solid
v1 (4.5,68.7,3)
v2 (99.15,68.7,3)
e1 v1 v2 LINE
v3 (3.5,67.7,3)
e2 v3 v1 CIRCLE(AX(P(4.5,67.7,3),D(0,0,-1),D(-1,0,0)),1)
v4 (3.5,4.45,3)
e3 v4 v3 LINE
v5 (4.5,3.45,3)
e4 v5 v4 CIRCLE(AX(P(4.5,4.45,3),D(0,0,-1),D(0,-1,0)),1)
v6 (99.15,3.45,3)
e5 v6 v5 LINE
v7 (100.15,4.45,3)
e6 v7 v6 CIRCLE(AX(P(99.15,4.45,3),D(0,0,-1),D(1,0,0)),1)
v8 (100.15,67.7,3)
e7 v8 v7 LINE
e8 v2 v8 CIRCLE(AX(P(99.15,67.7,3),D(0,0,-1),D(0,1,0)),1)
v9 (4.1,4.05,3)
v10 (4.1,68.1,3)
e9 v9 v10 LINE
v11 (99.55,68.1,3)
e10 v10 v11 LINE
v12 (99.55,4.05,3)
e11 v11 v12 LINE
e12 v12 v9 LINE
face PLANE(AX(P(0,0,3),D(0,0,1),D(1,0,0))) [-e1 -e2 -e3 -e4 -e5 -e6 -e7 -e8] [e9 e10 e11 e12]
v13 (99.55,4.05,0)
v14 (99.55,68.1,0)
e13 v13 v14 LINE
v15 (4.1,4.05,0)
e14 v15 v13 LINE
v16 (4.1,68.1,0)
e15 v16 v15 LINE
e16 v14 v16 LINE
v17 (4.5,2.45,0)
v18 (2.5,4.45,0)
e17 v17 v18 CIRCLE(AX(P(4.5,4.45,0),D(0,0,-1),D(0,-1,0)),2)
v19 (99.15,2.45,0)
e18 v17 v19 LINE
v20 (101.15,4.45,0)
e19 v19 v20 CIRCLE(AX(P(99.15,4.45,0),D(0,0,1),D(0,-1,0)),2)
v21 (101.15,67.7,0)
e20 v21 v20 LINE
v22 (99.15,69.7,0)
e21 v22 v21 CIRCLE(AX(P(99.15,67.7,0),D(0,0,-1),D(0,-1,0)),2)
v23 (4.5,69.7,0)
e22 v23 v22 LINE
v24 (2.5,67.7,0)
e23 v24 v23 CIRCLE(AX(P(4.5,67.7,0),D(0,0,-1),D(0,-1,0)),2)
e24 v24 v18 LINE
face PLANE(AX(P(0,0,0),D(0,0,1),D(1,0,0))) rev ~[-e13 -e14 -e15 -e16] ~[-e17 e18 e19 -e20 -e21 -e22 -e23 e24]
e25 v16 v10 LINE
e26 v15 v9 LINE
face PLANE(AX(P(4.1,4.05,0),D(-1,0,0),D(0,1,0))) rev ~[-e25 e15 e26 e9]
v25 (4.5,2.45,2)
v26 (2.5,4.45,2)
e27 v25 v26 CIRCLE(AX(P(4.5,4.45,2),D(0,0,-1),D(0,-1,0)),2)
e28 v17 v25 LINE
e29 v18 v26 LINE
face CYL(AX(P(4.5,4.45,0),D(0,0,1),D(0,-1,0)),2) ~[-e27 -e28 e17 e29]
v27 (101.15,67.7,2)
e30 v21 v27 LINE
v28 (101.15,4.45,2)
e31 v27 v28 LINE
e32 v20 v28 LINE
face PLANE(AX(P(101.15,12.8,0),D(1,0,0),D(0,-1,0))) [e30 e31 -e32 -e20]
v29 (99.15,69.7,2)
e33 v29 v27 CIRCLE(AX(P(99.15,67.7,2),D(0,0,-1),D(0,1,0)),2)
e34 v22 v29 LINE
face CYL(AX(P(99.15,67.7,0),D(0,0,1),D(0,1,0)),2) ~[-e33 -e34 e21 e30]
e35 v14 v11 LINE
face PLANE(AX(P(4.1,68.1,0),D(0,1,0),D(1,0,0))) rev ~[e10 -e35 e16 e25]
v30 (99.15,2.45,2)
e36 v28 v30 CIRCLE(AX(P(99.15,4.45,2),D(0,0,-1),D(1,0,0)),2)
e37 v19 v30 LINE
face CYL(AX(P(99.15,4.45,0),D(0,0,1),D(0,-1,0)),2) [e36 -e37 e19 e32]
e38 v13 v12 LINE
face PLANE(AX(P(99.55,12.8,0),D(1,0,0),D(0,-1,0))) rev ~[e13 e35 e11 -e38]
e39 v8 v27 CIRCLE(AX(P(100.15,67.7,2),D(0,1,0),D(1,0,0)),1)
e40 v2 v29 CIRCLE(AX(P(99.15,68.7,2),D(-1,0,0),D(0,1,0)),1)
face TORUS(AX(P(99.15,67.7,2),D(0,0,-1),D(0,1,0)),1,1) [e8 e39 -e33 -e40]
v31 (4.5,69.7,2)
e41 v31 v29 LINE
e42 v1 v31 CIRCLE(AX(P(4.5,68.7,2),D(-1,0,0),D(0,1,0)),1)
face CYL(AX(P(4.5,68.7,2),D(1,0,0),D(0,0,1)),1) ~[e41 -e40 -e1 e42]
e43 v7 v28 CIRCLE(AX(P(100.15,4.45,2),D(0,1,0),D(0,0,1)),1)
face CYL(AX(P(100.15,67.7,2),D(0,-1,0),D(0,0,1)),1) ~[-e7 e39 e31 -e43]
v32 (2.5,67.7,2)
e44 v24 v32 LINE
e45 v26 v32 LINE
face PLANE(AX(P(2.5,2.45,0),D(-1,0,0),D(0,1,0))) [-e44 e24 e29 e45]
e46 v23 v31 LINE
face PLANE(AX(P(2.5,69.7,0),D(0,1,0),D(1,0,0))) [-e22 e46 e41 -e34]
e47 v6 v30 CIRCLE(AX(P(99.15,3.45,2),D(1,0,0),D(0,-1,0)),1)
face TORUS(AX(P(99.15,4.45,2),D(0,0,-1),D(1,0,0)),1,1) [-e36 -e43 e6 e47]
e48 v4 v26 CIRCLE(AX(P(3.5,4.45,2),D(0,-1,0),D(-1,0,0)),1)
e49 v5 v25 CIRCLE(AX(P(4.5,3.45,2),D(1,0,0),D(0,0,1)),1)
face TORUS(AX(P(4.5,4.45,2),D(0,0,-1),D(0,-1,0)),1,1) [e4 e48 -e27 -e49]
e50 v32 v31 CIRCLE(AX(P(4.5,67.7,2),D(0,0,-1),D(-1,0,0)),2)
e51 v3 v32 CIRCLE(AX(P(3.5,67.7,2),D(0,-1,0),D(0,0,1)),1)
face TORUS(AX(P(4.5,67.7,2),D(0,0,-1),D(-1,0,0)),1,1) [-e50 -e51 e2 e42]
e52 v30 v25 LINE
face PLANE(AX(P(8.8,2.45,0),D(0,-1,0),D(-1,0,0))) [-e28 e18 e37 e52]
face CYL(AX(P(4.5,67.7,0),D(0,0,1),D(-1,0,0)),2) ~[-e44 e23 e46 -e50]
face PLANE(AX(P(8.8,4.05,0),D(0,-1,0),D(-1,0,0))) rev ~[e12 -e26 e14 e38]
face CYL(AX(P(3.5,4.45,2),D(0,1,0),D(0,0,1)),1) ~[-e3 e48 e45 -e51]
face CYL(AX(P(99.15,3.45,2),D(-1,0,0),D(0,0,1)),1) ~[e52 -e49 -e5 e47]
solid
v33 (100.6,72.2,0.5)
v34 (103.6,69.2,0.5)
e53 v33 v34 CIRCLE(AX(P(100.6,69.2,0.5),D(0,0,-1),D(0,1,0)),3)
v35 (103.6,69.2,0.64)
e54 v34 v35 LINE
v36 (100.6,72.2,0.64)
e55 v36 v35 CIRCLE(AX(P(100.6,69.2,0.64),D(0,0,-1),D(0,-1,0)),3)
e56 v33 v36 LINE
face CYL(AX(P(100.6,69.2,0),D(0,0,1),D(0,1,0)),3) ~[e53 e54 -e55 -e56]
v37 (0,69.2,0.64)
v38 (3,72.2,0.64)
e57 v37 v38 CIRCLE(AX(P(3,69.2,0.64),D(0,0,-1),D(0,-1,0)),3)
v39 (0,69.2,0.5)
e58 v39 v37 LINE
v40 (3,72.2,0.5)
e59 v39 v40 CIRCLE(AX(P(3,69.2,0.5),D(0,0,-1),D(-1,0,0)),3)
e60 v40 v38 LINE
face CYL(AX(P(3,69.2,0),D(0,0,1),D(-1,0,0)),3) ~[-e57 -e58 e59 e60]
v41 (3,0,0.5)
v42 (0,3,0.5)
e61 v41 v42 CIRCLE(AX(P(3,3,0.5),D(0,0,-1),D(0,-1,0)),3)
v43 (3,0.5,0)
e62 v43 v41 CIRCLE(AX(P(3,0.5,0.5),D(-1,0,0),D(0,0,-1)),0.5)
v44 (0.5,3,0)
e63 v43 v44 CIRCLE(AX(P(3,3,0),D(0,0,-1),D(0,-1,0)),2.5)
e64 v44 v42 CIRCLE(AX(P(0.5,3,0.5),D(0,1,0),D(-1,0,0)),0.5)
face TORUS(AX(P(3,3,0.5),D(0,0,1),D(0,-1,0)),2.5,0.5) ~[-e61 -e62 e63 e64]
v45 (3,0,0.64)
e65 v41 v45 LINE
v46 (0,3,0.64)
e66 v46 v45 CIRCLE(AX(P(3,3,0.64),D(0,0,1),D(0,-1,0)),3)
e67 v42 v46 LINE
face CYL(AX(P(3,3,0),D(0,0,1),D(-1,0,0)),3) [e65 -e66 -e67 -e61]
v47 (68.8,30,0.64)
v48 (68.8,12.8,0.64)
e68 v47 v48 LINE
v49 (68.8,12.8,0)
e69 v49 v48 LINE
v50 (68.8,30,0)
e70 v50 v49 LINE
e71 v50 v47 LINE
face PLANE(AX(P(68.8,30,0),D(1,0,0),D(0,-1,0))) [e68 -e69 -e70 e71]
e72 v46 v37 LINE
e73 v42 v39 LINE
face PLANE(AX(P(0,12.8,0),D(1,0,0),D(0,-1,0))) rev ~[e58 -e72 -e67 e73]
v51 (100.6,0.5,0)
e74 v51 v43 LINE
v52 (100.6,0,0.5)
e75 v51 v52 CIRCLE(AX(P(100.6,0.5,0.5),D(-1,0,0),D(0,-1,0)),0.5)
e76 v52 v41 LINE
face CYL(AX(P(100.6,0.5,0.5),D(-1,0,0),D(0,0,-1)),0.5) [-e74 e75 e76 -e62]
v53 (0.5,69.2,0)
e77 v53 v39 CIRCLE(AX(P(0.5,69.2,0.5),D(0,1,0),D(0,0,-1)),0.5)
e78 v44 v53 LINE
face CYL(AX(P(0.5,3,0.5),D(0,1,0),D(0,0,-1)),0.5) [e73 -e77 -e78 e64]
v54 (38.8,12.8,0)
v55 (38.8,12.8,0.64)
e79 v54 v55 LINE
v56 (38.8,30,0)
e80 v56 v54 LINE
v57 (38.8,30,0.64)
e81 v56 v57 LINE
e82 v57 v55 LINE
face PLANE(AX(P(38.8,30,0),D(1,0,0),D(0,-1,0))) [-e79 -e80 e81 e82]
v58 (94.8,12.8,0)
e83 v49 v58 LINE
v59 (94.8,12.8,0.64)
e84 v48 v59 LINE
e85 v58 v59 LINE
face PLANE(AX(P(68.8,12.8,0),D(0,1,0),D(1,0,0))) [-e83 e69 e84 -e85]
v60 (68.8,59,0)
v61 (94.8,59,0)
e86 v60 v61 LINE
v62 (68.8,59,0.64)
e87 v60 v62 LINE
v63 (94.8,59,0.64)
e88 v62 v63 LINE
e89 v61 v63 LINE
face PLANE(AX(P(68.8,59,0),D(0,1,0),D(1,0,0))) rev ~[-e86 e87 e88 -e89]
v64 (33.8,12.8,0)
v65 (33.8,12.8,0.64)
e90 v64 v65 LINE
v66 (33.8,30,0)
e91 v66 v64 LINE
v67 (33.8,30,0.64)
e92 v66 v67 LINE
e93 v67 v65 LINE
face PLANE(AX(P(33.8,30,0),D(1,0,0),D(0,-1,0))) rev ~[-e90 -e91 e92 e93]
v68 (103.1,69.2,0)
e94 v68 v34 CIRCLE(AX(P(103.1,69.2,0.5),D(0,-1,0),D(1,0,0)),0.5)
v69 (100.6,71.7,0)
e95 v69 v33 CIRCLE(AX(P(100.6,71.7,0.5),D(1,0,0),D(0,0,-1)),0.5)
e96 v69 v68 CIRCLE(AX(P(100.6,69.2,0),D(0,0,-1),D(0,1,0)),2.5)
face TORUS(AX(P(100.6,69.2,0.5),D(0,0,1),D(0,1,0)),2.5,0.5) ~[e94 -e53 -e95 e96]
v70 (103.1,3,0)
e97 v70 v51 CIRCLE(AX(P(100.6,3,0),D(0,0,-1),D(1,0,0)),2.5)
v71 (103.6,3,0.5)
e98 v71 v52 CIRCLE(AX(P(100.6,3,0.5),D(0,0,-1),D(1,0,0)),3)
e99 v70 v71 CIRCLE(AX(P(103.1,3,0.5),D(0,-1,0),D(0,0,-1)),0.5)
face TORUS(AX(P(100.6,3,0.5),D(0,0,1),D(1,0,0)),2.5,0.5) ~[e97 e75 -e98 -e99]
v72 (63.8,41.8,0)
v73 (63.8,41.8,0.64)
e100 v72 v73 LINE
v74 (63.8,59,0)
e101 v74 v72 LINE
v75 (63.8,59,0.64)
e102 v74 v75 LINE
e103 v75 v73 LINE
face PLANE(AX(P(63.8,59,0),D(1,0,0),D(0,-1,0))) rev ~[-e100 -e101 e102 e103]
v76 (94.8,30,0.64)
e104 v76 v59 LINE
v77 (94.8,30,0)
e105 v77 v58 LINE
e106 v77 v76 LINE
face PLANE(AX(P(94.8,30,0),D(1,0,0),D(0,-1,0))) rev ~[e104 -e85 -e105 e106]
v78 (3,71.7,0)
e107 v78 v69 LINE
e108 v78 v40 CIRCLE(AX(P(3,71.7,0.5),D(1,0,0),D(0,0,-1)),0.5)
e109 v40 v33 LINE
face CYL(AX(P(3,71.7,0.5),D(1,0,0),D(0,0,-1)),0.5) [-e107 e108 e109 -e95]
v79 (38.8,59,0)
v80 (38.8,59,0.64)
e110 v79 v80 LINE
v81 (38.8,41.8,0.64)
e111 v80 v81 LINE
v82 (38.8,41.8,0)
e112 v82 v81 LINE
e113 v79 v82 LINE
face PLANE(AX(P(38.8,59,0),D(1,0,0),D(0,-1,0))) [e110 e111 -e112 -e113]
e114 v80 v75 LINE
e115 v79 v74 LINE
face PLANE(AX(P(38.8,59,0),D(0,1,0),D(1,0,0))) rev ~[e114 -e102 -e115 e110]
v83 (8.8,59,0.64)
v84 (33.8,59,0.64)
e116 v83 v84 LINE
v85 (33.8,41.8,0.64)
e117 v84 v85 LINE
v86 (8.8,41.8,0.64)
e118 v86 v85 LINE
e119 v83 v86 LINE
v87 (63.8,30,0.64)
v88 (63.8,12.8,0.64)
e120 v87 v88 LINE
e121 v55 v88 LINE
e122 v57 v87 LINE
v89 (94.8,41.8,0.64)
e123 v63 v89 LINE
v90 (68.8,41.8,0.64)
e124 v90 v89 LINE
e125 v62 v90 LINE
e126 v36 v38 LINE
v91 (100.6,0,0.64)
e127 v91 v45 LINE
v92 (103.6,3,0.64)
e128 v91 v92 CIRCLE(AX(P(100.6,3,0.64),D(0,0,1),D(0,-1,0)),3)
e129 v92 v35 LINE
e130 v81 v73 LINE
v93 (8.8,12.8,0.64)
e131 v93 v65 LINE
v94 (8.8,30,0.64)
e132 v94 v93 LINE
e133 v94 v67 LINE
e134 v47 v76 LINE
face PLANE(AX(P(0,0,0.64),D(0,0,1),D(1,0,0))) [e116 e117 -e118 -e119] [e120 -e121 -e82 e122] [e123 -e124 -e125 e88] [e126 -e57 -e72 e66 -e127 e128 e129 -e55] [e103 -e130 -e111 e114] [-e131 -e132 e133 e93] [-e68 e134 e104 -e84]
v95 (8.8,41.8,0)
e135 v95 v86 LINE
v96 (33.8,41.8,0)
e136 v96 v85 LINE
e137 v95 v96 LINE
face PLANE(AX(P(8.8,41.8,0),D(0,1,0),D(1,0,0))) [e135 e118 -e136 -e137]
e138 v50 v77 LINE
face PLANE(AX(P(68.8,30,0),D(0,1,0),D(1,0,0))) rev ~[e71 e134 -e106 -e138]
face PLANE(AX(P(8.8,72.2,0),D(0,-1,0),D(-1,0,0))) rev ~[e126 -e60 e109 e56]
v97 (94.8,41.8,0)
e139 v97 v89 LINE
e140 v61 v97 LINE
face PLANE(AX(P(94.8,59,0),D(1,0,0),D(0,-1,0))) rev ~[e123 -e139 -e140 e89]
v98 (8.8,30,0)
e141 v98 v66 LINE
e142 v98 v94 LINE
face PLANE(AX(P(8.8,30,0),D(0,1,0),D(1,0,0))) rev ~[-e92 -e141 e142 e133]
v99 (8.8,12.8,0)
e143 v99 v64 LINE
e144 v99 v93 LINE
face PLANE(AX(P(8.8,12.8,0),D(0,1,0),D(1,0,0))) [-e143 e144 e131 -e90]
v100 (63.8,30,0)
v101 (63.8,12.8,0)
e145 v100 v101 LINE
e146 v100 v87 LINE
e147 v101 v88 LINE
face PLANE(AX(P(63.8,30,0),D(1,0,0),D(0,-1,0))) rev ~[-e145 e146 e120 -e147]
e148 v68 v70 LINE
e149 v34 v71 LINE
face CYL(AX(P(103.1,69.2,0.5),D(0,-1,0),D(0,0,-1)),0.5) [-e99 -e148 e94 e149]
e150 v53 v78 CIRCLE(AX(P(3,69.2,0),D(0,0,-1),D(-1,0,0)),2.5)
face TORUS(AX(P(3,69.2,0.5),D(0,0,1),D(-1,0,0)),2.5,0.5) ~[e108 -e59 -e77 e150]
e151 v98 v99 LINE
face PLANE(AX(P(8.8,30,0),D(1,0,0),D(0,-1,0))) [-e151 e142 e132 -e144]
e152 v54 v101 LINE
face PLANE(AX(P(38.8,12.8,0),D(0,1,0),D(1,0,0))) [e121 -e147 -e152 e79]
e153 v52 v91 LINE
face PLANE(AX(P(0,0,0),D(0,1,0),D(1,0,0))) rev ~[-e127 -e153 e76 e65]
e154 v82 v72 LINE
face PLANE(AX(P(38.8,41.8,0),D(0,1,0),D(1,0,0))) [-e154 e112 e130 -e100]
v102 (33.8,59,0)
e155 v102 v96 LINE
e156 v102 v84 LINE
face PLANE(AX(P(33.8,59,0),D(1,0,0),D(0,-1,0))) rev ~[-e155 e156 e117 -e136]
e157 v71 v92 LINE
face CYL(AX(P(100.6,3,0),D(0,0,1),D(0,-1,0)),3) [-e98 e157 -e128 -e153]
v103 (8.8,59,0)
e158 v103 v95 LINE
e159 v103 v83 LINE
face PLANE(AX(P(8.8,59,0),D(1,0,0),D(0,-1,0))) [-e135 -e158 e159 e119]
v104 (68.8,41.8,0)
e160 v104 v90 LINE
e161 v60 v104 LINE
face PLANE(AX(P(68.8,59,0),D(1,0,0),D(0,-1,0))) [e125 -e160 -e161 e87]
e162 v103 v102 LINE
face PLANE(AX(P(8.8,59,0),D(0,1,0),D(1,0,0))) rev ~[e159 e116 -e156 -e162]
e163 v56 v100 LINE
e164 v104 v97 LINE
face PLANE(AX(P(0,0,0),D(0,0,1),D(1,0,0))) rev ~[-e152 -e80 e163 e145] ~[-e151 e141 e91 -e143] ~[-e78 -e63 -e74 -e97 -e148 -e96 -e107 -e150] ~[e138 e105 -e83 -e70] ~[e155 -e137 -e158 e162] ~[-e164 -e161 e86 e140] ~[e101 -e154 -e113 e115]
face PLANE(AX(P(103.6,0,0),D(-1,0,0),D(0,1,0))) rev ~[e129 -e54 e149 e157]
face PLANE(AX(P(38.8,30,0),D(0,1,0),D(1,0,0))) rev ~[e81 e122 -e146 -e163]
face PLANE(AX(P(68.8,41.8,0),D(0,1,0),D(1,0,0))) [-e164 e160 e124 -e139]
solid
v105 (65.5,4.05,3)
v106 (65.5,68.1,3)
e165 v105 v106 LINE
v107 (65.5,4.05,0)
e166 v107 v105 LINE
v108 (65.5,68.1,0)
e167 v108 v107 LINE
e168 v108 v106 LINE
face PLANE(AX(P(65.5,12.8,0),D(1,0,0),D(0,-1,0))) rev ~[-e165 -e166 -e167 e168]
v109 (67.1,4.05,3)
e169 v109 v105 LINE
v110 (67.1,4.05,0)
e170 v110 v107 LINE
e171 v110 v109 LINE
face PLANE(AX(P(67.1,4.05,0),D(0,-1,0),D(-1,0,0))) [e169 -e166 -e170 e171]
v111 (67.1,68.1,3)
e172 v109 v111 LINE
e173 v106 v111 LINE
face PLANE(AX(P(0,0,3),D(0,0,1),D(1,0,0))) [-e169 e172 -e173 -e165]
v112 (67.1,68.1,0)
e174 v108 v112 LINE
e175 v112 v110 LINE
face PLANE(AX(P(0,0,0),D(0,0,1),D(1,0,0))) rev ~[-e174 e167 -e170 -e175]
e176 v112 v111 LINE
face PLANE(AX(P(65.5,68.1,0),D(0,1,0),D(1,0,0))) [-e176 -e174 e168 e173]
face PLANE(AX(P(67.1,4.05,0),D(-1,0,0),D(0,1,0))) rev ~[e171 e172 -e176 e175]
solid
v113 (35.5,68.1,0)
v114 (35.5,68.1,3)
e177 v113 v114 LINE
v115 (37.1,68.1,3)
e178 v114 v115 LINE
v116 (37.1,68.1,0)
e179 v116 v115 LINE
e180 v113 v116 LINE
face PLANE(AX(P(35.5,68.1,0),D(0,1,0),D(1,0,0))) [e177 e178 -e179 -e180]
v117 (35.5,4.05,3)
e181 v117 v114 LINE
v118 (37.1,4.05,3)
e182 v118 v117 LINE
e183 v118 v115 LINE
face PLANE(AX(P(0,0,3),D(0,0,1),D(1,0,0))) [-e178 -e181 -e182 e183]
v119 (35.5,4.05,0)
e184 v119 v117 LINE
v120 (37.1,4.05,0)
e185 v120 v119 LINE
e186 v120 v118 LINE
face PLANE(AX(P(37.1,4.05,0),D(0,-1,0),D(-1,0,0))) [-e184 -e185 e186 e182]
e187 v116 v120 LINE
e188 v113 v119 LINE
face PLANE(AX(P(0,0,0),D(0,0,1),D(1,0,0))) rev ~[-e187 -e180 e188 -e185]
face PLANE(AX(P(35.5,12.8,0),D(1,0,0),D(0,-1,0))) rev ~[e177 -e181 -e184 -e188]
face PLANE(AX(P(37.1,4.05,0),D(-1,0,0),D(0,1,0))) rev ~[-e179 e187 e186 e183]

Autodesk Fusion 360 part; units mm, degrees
sketch "Sketch1" plane through (0, 0, 0) normal (0, 0, 1) x (1, 0, 0)
  line L0 (0, 0) -> (103.6, 0)
  line L1 (103.6, 0) -> (103.6, 72.2)
  line L2 (103.6, 72.2) -> (0, 72.2)
  line L3 (0, 72.2) -> (0, 0)
  line L4 (94.8, 80) -> (94.8, -25)
  line L5 (68.8, 80) -> (68.8, -25)
  line L6 (63.8, 80) -> (63.8, -25)
  line L7 (38.8, 80) -> (38.8, -25)
  line L8 (33.8, 80) -> (33.8, -25)
  line L9 (8.8, 80) -> (8.8, -25)
  line L10 (-20, 59) -> (140, 59)
  line L11 (-20, 41.8) -> (140, 41.8)
  line L12 (-20, 30) -> (140, 30)
  line L13 (-20, 12.8) -> (140, 12.8)
  line L14 (2.5, 69.7) -> (101.15, 69.7)
  line L15 (101.15, 69.7) -> (101.15, 2.45)
  line L16 (101.15, 2.45) -> (2.5, 2.45)
  line L17 (2.5, 2.45) -> (2.5, 69.7)
  line L18 (4.1, 68.1) -> (99.55, 68.1)
  line L19 (99.55, 68.1) -> (99.55, 4.05)
  line L20 (99.55, 4.05) -> (4.1, 4.05)
  line L21 (4.1, 4.05) -> (4.1, 68.1)
  line L22 (35.5, 80) -> (35.5, -25)
  line L23 (37.1, -25) -> (37.1, 80)
  line L24 (65.5, 80) -> (65.5, -25)
  line L25 (67.1, -25) -> (67.1, 80)
  circle A0 centre (6.5, 65.9) radius 1.6
  circle A1 centre (97.3, 65.8) radius 1.6
  circle A2 centre (97.2, 6.1) radius 1.6
  circle A3 centre (6.5, 6.3) radius 1.6
  dimension "d1" = 103.6
  dimension "d2" = 72.2
  dimension "d3" = 8.8
  dimension "d4" = 26
  dimension "d5" = 5
  dimension "d7" = 5
  dimension "d8" = 25
  dimension "d10" = 8.8
  dimension "d11" = 25
  dimension "d12" = 17.2
  dimension "d13" = 17.2
  dimension "d14" = 11.8
  dimension "d15" = 12.8
  dimension "d16" = 13.2
  dimension "d17" = 2.5
  dimension "d18" = 2.5
  dimension "d19" = 2.45
  dimension "d20" = 2.45
  dimension "d21" = 1.6
  dimension "d22" = 1.6
  dimension "d23" = 1.6
  dimension "d24" = 1.6
  dimension "d37" = 1.6
  dimension "d38" = 1.7
  dimension "d39" = 1.7
  dimension "d40" = 1.6
  dimension "d41" = 1.7
  dimension "d44" = 3.2
  dimension "d45" = 6.5
  dimension "d46" = 6.3
  dimension "d47" = 3.2
  dimension "d48" = 6.3
  dimension "d49" = 6.4
  dimension "d50" = 3.2
  dimension "d51" = 6.4
  dimension "d52" = 6.1
  dimension "d53" = 3.2
  dimension "d54" = 6.5
  dimension "d55" = 6.3
extrude "Extrude1" add sketch "Sketch1" along normal blind 0.64 contours L0 L3 L9 L13 L16 L17 | L0 L8 L9 L16 | L3 L12 L13 L17 | L0 L8 L16 L22 | L9 L13 L16 L17 L20 L21 | L8 L9 L16 L20 | L3 L11 L12 L17 | L12 L13 L17 L21 | L0 L16 L22 L23 | L8 L16 L20 L22 | L9 L13 L20 L21 | L8 L9 L13 L20 | L3 L10 L11 L17 | L11 L12 L17 L21 | L9 L12 L13 L21 | L0 L7 L16 L23 | L16 L20 L22 L23 | L8 L13 L20 L22 | L2 L3 L9 L10 L14 L17 | L10 L11 L17 L21 | L9 L11 L12 L21 | L0 L6 L7 L16 | L7 L16 L20 L23 | L13 L20 L22 L23 | L8 L12 L13 L22 | L8 L9 L11 L12 | L9 L10 L14 L17 L18 L21 | L9 L10 L11 L21 | L0 L6 L16 L24 | L6 L7 L16 L20 | L7 L13 L20 L23 | L12 L13 L22 L23 | L8 L11 L12 L22 | L2 L8 L9 L14 | L9 L10 L18 L21 | L0 L16 L24 L25 | L6 L16 L20 L24 | L6 L7 L13 L20 | L7 L12 L13 L23 | L11 L12 L22 L23 | L8 L10 L11 L22 | L8 L9 L10 L18 | L2 L8 L14 L22 | L8 L9 L14 L18 | L0 L5 L16 L25 | L16 L20 L24 L25 | L6 L13 L20 L24 | L7 L11 L12 L23 | L10 L11 L22 L23 | L8 L10 L18 L22 | L2 L14 L22 L23 | L8 L14 L18 L22 | L0 L4 L5 L16 | L5 L16 L20 L25 | L13 L20 L24 L25 | L6 L12 L13 L24 | L6 L7 L11 L12 | L7 L10 L11 L23 | L10 L18 L22 L23 | L2 L7 L14 L23 | L14 L18 L22 L23 | L0 L1 L4 L13 L15 L16 | L4 L5 L16 L20 | L5 L13 L20 L25 | L12 L13 L24 L25 | L6 L11 L12 L24 | L7 L10 L18 L23 | L2 L6 L7 L14 | L7 L14 L18 L23 | L4 L13 L15 L16 L19 L20 | L4 L5 L13 L20 | L5 L12 L13 L25 | L11 L12 L24 L25 | L6 L10 L11 L24 | L6 L7 L10 L18 | L2 L6 L14 L24 | L6 L7 L14 L18 | L1 L12 L13 L15 | L4 L13 L19 L20 | L5 L11 L12 L25 | L10 L11 L24 L25 | L6 L10 L18 L24 | L2 L14 L24 L25 | L6 L14 L18 L24 | L1 L11 L12 L15 | L12 L13 L15 L19 | L4 L12 L13 L19 | L4 L5 L11 L12 | L5 L10 L11 L25 | L10 L18 L24 L25 | L2 L5 L14 L25 | L14 L18 L24 L25 | L1 L10 L11 L15 | L11 L12 L15 L19 | L4 L11 L12 L19 | L5 L10 L18 L25 | L2 L4 L5 L14 | L5 L14 L18 L25 | L1 L2 L4 L10 L14 L15 | L10 L11 L15 L19 | L4 L10 L11 L19 | L4 L5 L10 L18 | L4 L5 L14 L18 | L4 L10 L14 L15 L18 L19 | L4 L10 L18 L19 | A0 | A1 | A2 | A3 makes body 1
extrude "Extrude2" add sketch "Sketch1" along normal blind 3 separate body contours L9 L13 L16 L17 L20 L21 | L8 L9 L16 L20 | L12 L13 L17 L21 | L8 L16 L20 L22 | L11 L12 L17 L21 | L16 L20 L22 L23 | L10 L11 L17 L21 | L7 L16 L20 L23 | L9 L10 L14 L17 L18 L21 | L6 L7 L16 L20 | L6 L16 L20 L24 | L8 L9 L14 L18 | L16 L20 L24 L25 | L8 L14 L18 L22 | L5 L16 L20 L25 | L14 L18 L22 L23 | L4 L5 L16 L20 | L7 L14 L18 L23 | L4 L13 L15 L16 L19 L20 | L6 L7 L14 L18 | L6 L14 L18 L24 | L12 L13 L15 L19 | L14 L18 L24 L25 | L11 L12 L15 L19 | L5 L14 L18 L25 | L10 L11 L15 L19 | L4 L5 L14 L18 | L4 L10 L14 L15 L18 L19 makes body 2
fillet "Fillet1" radius 3 4 edges at (103.6, 0, 0.32) (103.6, 72.2, 0.32) (0, 0, 0.32) (0, 72.2, 0.32) on bodies 1 2
fillet "Fillet1" radius 2 4 edges at (2.5, 69.7, 1.5) (2.5, 2.45, 1.5) (101.15, 2.45, 1.5) (101.15, 69.7, 1.5) on bodies 1 2
fillet "Fillet2" radius 0.5 8 edges at (51.8, 72.2, 0) (0.8787, 71.3213, 0) (0, 36.1, 0) (0.8787, 0.8787, 0) (51.8, 0, 0) (102.7213, 0.8787, 0) (103.6, 36.1, 0) (102.7213, 71.3213, 0) on bodies 1
fillet "Fillet3" radius 1 8 edges at (100.5642, 69.1142, 3) (51.825, 69.7, 3) (3.0858, 69.1142, 3) (2.5, 36.075, 3) (3.0858, 3.0358, 3) (51.825, 2.45, 3) (100.5642, 3.0358, 3) (101.15, 36.075, 3) on bodies 2
extrude "Extrude3" add sketch "Sketch1" along normal blind 3 separate body contours L13 L20 L22 L23 | L12 L13 L22 L23 | L11 L12 L22 L23 | L10 L11 L22 L23 | L13 L20 L24 L25 | L10 L18 L22 L23 | L12 L13 L24 L25 | L11 L12 L24 L25 | L10 L11 L24 L25 | L10 L18 L24 L25 makes body 3 at (35.5, 46.75, 1) makes body 4 at (65.5, 46.75, 1)
equation "d10 = d3"
equation "d12 = d13"
equation "d18 = d17"
